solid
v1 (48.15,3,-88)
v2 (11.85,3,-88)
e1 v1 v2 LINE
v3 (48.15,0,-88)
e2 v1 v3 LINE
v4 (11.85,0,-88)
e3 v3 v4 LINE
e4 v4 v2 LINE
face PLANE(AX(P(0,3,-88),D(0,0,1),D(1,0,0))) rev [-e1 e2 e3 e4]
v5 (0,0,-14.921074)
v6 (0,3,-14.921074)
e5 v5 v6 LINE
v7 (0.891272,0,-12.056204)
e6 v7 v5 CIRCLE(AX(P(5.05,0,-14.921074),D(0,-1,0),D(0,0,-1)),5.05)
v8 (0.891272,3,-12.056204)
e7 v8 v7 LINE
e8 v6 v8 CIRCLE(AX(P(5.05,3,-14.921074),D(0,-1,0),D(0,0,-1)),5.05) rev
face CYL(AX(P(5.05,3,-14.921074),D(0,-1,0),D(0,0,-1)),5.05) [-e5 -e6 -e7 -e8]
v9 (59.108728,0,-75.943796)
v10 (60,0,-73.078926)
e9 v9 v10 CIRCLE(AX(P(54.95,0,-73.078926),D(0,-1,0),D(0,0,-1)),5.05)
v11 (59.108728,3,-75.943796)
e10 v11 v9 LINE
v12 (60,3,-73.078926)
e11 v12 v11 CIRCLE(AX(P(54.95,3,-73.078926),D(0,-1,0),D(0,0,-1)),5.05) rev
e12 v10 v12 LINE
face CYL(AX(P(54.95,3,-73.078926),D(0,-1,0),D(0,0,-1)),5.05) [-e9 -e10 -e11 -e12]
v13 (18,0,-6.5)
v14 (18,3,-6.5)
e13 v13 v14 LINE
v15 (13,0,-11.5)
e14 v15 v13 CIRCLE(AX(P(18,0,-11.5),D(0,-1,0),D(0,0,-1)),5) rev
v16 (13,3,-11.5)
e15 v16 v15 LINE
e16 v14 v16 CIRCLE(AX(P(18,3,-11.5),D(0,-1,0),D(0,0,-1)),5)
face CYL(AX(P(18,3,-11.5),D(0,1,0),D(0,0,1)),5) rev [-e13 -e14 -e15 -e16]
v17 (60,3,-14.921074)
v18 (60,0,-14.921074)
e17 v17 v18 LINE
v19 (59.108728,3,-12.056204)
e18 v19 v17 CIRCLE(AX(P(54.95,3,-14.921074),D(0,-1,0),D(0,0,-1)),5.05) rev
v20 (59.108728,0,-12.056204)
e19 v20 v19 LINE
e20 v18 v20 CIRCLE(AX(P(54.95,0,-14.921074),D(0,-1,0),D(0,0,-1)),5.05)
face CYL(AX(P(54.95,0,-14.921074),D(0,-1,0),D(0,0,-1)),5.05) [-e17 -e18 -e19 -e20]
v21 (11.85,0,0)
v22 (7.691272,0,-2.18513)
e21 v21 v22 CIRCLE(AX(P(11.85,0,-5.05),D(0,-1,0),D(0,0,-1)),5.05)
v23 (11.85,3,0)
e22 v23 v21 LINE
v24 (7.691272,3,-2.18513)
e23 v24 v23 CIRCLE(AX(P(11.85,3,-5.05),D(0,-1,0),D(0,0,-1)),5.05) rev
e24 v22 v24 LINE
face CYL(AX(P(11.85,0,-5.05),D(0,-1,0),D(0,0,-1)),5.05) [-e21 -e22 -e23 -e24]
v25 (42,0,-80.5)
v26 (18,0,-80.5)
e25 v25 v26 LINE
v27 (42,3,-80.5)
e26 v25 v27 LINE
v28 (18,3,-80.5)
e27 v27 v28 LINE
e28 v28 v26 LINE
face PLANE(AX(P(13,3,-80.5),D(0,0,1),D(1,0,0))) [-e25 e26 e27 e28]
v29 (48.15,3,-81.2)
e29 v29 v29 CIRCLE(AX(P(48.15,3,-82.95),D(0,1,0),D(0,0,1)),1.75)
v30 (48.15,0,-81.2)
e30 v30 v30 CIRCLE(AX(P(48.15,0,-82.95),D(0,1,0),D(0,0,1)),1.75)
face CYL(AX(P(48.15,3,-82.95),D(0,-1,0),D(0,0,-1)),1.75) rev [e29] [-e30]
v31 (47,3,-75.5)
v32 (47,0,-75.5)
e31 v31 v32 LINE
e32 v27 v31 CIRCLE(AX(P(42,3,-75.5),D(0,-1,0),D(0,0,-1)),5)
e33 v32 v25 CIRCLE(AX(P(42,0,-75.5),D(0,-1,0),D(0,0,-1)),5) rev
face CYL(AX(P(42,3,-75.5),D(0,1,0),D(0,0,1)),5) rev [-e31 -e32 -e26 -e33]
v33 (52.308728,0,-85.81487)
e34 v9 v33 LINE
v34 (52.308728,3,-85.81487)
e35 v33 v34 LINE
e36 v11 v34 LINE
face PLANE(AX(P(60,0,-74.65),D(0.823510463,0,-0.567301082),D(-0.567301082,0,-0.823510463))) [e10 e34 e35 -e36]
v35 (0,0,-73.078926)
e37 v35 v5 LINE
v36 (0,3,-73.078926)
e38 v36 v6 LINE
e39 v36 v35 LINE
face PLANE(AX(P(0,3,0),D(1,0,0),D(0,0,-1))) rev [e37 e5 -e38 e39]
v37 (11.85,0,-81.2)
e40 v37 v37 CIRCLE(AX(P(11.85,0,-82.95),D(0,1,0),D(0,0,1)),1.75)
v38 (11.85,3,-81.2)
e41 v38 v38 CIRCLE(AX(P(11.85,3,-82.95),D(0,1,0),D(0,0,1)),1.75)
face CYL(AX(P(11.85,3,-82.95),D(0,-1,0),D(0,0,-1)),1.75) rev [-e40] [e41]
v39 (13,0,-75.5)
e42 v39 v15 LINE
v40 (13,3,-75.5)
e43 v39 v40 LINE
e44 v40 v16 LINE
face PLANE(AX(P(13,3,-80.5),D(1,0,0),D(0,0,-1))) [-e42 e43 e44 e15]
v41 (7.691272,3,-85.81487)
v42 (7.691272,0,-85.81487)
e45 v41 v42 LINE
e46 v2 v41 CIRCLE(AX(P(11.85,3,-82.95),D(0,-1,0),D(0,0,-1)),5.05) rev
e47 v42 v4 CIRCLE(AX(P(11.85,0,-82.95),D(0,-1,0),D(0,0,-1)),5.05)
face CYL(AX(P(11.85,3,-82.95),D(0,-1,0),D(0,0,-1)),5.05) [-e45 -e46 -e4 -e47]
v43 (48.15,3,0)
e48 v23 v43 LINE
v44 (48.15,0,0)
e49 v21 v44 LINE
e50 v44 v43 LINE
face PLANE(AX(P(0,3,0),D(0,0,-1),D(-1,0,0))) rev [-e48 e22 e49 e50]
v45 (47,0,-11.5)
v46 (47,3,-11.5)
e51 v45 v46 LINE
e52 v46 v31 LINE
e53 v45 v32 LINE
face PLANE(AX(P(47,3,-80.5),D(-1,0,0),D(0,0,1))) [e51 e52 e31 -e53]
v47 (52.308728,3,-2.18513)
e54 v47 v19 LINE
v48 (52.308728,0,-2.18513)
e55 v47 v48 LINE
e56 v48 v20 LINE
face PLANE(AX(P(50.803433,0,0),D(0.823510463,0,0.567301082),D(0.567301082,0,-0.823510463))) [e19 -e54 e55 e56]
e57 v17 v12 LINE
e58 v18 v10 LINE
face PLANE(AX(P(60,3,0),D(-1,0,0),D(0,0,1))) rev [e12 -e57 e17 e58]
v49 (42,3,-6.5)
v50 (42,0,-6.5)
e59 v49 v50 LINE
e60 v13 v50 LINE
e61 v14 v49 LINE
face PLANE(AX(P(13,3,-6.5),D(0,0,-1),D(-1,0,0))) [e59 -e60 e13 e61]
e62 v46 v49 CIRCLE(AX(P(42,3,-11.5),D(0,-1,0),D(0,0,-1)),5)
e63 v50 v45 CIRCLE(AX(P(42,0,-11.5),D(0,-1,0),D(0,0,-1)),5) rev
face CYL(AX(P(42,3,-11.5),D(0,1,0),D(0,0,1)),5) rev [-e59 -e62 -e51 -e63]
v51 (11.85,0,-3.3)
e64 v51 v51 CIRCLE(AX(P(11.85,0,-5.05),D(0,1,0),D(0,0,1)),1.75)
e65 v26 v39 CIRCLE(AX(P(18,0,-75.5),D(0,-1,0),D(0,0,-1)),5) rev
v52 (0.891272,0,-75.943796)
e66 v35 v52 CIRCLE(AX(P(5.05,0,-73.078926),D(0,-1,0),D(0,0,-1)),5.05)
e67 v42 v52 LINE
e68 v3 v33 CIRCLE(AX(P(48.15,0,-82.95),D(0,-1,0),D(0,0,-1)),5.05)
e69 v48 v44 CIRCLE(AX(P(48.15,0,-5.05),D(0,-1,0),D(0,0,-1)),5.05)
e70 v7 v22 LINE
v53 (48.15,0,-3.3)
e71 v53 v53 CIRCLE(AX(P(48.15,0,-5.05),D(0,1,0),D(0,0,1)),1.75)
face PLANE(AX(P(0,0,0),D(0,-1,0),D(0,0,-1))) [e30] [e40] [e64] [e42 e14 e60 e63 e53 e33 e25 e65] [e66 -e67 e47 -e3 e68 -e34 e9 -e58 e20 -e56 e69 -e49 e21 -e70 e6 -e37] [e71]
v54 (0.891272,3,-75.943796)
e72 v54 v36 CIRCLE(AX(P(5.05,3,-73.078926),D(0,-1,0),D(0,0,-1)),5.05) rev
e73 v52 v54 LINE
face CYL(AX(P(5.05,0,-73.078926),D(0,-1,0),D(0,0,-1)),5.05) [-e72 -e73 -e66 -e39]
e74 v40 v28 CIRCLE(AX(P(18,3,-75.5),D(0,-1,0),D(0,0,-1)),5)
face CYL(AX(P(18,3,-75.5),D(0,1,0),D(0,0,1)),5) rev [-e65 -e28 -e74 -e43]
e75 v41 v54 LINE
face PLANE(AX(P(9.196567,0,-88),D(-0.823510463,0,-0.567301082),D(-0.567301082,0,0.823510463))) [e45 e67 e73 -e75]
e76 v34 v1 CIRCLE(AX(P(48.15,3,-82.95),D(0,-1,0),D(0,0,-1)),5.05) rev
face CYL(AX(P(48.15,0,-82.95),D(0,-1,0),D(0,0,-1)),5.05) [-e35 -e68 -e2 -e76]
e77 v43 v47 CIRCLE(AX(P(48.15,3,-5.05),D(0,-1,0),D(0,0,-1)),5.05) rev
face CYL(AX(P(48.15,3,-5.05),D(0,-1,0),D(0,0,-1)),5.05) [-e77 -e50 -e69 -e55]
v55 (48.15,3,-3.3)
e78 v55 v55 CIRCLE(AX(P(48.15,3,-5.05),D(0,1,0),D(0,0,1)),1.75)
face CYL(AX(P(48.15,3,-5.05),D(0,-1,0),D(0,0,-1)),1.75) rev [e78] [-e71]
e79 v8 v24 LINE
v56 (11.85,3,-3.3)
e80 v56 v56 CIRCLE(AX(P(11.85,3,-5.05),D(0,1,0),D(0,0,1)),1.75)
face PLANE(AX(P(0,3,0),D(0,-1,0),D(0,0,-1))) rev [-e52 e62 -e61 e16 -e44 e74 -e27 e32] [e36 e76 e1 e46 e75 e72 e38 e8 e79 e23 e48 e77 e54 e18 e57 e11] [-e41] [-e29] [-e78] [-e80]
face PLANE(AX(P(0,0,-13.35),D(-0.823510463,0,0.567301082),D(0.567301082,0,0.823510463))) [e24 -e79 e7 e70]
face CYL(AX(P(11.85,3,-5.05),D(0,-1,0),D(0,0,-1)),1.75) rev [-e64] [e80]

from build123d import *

# Parameters (mm, degrees)
SKETCH1_W           = 60
SKETCH1_H           = 88
SKETCH1_R           = 1.75
SKETCH1_W_2         = 34
SKETCH1_H_2         = 74
BOSS_EXTRUDE1_DEPTH = 3
FILLET1_R           = 5
SKETCH6_W           = 62
SKETCH6_H           = 90
CUT_EXTRUDE3_DEPTH  = 4
FILLET3_R           = 5.05


with BuildPart() as part:
    # Sketch1 → Boss-Extrude1 (new body)
    with BuildSketch(Plane(origin=(0, 0, 0), x_dir=(1, 0, 0), z_dir=(0, 1, 0))):
        with Locations((30, 44)):
            Rectangle(SKETCH1_W, SKETCH1_H)
        with Locations((11.85, 82.95)):
            Circle(SKETCH1_R, mode=Mode.SUBTRACT)
        with Locations((48.15, 82.95)):
            Circle(SKETCH1_R, mode=Mode.SUBTRACT)
        with Locations((48.15, 5.05)):
            Circle(SKETCH1_R, mode=Mode.SUBTRACT)
        with Locations((11.85, 5.05)):
            Circle(SKETCH1_R, mode=Mode.SUBTRACT)
        with Locations((30, 43.5)):
            Rectangle(SKETCH1_W_2, SKETCH1_H_2, mode=Mode.SUBTRACT)
    extrude(amount=BOSS_EXTRUDE1_DEPTH)

    # Fillet1
    fillet1_edges = [part.edges().sort_by_distance(p)[0] for p in [
        (13, 1.5, -80.5),
        (13, 1.5, -6.5),
        (47, 1.5, -6.5),
        (47, 1.5, -80.5),
    ]]
    fillet(fillet1_edges, radius=FILLET1_R)

    # Sketch6 → Cut-Extrude3 (cut, through all)
    with BuildSketch(Plane(origin=(0, 3, 0), x_dir=(1, 0, 0), z_dir=(0, 1, 0))):
        with Locations((30, 44)):
            Rectangle(SKETCH6_W, SKETCH6_H)
        Polygon((9.196567368, 88), (0, 74.65), (0, 13.35), (9.196567368, 0), (50.803432632, 0), (60, 13.35), (60, 74.65), (50.803432632, 88), align=None, mode=Mode.SUBTRACT)
    extrude(amount=-CUT_EXTRUDE3_DEPTH, mode=Mode.SUBTRACT)

    # Fillet3
    fillet3_edges = [part.edges().sort_by_distance(p)[0] for p in [
        (0, 1.5, -74.65),
        (9.196567368, 1.5, -88),
        (50.803432632, 1.5, -88),
        (60, 1.5, -74.65),
        (60, 1.5, -13.35),
        (50.803432632, 1.5, 0),
        (9.196567368, 1.5, 0),
        (0, 1.5, -13.35),
    ]]
    fillet(fillet3_edges, radius=FILLET3_R)


solid = part.part
